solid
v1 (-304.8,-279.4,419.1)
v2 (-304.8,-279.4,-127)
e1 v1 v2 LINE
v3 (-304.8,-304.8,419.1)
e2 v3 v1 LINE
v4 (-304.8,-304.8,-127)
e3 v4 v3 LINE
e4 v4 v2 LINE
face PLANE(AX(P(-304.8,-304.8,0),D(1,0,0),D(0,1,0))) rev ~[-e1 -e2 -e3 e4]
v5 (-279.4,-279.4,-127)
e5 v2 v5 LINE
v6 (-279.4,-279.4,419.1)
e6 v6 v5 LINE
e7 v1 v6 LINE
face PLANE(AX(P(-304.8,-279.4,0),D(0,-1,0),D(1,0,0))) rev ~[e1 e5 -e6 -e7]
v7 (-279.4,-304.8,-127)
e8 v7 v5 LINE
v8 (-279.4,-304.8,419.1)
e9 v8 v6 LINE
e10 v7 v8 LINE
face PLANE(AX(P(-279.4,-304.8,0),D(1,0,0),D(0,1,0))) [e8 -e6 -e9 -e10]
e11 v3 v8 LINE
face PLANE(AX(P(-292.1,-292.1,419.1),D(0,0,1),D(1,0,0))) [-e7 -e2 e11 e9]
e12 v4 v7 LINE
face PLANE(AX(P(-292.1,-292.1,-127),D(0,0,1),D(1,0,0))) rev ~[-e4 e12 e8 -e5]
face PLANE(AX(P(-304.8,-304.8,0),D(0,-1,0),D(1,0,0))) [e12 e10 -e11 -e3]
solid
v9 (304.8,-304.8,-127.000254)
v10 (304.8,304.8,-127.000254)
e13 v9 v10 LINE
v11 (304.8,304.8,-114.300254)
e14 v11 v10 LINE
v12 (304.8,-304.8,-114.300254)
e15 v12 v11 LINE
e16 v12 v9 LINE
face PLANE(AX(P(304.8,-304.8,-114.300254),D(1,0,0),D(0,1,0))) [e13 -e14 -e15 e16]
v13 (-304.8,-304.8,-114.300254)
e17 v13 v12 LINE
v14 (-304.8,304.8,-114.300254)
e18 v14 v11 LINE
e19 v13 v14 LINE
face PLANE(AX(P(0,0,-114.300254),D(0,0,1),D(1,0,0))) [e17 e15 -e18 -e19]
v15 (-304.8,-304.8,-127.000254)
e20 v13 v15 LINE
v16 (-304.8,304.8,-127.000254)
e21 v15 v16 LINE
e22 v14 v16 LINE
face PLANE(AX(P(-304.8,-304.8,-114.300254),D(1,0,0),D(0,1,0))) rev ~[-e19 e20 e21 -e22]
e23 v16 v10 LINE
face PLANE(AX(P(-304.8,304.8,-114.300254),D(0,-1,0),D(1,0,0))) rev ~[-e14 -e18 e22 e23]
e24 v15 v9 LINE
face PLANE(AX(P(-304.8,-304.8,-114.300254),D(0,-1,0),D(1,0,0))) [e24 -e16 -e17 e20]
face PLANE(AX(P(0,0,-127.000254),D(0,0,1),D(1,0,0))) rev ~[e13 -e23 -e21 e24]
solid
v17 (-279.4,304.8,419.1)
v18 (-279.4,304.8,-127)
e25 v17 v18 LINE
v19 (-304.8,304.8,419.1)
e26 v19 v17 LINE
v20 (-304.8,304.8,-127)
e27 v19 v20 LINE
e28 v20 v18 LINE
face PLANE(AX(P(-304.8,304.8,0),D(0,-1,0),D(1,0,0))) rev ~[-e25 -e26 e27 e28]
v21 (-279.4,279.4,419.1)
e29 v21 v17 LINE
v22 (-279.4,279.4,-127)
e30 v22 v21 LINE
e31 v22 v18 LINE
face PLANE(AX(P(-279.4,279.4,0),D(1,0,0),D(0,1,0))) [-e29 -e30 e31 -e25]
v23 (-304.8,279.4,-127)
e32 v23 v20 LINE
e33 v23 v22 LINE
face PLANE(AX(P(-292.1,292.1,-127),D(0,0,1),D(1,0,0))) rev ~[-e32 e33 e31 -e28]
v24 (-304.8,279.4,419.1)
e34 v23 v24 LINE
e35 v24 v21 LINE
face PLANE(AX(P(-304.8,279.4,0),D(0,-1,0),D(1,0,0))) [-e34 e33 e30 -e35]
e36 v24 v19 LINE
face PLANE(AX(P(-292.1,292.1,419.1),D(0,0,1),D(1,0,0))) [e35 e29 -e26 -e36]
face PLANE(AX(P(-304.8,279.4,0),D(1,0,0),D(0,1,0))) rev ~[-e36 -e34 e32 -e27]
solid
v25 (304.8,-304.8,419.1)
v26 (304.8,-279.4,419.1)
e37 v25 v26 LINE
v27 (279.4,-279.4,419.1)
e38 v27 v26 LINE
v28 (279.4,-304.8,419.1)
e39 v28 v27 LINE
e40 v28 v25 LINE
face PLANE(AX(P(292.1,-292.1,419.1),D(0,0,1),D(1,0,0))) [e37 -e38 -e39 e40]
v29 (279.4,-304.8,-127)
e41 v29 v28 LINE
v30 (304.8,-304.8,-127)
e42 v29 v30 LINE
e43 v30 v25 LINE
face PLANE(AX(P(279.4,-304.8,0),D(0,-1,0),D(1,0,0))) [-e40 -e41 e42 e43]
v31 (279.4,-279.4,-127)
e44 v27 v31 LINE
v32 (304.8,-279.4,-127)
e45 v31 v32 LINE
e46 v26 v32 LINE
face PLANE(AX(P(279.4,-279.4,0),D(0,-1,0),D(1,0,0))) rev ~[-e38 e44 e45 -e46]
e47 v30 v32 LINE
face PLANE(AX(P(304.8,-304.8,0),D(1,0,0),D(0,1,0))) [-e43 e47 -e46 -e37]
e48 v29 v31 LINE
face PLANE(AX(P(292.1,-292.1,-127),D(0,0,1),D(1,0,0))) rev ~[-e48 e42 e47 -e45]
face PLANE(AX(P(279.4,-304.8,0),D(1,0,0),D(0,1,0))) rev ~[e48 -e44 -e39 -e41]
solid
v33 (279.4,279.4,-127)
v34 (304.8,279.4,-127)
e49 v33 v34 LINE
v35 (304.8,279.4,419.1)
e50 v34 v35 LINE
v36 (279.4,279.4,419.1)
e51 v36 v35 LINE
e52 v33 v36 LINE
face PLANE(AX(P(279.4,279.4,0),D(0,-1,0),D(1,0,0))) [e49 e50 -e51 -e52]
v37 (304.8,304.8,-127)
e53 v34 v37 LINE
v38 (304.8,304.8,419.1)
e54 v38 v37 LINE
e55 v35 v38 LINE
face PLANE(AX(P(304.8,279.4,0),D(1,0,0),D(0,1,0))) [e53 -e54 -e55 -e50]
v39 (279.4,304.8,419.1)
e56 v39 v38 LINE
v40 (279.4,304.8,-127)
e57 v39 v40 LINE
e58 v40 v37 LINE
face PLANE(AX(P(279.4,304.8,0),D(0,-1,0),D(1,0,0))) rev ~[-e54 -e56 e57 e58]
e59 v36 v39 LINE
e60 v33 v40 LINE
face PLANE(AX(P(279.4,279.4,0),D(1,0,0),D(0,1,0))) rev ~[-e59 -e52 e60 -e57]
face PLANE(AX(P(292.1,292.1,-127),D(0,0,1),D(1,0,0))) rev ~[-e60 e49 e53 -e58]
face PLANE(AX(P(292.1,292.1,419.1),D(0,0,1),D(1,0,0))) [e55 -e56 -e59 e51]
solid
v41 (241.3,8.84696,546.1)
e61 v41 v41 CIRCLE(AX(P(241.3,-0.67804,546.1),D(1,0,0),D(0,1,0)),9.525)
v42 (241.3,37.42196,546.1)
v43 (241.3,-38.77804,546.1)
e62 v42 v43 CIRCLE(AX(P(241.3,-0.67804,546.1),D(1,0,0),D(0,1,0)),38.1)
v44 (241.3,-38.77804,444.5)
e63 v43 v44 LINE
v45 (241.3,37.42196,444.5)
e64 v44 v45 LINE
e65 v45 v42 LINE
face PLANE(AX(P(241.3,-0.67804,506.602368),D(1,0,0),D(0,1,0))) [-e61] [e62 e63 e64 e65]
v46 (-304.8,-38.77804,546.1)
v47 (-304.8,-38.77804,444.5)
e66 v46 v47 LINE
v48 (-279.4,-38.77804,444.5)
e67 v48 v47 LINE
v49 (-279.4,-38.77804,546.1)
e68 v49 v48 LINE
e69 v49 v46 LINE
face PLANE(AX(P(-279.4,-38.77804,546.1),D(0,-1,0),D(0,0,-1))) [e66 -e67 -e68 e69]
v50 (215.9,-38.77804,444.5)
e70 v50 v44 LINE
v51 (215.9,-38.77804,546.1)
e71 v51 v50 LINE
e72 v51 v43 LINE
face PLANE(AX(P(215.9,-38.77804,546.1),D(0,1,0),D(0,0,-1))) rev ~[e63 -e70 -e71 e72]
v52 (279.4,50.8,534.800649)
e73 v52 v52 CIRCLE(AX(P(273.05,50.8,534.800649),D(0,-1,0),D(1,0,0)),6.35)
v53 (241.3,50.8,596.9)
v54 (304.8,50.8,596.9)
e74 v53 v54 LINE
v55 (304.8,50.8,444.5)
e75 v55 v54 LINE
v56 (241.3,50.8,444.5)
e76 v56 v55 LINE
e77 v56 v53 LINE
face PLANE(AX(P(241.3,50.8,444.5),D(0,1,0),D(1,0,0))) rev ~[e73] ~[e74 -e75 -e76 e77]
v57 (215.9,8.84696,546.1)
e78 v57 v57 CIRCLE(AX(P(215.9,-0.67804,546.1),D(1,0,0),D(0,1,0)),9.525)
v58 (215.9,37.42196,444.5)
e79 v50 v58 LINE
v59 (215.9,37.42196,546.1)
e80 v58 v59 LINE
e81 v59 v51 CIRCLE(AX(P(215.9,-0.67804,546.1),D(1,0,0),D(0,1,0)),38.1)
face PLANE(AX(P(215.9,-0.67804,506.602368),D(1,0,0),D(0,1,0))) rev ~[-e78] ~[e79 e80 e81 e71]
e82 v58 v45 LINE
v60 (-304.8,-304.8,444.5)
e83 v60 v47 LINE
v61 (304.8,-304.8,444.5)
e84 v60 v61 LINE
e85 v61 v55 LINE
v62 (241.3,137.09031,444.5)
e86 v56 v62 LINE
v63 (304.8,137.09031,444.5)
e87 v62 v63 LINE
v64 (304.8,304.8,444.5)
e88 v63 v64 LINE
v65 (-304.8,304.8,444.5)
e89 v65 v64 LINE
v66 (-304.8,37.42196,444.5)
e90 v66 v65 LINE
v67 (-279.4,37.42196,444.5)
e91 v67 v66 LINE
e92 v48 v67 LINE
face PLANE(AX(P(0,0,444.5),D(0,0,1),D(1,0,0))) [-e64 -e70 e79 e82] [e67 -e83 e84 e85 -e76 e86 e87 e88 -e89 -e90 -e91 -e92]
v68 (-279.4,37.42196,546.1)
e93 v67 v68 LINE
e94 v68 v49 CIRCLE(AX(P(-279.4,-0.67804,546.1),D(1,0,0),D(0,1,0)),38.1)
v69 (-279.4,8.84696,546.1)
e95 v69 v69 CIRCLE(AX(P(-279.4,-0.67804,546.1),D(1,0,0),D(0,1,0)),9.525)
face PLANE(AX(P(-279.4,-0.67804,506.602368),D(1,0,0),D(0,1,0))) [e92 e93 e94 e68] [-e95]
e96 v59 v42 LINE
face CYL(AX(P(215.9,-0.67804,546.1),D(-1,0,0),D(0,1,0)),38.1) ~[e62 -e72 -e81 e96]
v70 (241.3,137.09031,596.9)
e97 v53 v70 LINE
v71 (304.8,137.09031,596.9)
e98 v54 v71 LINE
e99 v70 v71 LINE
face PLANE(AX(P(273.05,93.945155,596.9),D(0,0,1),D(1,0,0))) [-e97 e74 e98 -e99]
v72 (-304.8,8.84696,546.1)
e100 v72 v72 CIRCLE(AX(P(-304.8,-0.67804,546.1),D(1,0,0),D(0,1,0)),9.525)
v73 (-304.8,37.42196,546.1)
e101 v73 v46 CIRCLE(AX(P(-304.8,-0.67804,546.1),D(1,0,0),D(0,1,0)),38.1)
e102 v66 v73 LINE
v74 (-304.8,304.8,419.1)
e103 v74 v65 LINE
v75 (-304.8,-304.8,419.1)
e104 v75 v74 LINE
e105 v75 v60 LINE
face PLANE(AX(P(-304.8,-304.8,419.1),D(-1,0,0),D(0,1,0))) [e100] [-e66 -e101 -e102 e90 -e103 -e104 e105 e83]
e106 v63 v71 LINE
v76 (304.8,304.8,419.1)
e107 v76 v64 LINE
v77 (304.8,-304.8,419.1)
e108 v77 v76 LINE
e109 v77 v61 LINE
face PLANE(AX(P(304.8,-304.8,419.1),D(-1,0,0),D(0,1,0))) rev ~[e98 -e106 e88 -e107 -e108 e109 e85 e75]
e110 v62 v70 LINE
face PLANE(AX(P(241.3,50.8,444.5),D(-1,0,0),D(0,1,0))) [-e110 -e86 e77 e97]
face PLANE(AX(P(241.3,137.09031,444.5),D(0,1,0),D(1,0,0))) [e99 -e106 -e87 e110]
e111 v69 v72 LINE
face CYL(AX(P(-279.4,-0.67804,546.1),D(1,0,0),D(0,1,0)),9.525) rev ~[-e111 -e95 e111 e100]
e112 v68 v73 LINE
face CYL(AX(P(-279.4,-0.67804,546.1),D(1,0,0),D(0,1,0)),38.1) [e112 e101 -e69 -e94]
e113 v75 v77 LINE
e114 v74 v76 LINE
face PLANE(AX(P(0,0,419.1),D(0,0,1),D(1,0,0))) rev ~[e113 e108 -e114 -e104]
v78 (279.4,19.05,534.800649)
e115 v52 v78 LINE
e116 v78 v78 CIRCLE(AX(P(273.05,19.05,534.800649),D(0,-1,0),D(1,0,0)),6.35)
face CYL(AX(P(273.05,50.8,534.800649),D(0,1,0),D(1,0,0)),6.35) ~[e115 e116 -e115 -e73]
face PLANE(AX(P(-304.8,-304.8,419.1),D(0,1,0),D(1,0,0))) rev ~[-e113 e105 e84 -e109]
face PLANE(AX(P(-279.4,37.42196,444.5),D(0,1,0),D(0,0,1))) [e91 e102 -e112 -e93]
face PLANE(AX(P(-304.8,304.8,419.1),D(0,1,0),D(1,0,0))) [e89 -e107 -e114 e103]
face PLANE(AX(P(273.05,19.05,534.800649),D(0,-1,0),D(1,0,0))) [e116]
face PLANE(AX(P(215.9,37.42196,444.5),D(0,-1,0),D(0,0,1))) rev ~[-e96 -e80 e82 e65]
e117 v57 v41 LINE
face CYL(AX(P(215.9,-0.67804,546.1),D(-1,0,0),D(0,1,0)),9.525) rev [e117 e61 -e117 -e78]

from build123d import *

# Parameters (mm, degrees)
F0_W          = 25.4
F0_H          = 25.4
F1_DEPTH      = 419.1
F1_DEPTH_BACK = 127
F3_START      = 419.1
F2_W          = 609.6
F2_H          = 609.6
F3_DEPTH      = 25.4
F5_START      = -279.4
F4_R          = 9.525
F5_DEPTH      = 25.4
F6_START      = 215.9
F6_DEPTH      = 25.4
F7_W          = 63.5
F7_H          = 86.2903104544
F8_DEPTH      = 152.4
F9_R          = 6.35
F10_DEPTH     = 31.75
F12_START     = -114.300254
F11_W         = 609.6
F11_H         = 609.6
F12_DEPTH     = 12.7


with BuildPart() as f1:
    # F0 (on Top) → F1 (new body, two sides)
    with BuildSketch(Plane.XY) as f1_sk:
        with Locations((-292.1, 292.1)):
            Rectangle(F0_W, F0_H)
    extrude(amount=F1_DEPTH)
    extrude(f1_sk.sketch, amount=-F1_DEPTH_BACK)


with BuildPart() as f1b:
    # F0 (on Top) → F1, piece 2 (new body, two sides)
    with BuildSketch(Plane.XY) as f1_2_sk:
        with Locations((292.1, 292.1)):
            Rectangle(F0_W, F0_H)
    extrude(amount=F1_DEPTH)
    extrude(f1_2_sk.sketch, amount=-F1_DEPTH_BACK)


with BuildPart() as f1c:
    # F0 (on Top) → F1, piece 3 (new body, two sides)
    with BuildSketch(Plane.XY) as f1_3_sk:
        with Locations((292.1, -292.1)):
            Rectangle(F0_W, F0_H)
    extrude(amount=F1_DEPTH)
    extrude(f1_3_sk.sketch, amount=-F1_DEPTH_BACK)


with BuildPart() as f1d:
    # F0 (on Top) → F1, piece 4 (new body, two sides)
    with BuildSketch(Plane.XY) as f1_4_sk:
        with Locations((-292.1, -292.1)):
            Rectangle(F0_W, F0_H)
    extrude(amount=F1_DEPTH)
    extrude(f1_4_sk.sketch, amount=-F1_DEPTH_BACK)


with BuildPart() as f3:
    # F2 (on Top) → F3 (new body)
    with BuildSketch(Plane.XY.offset(F3_START)):
        Rectangle(F2_W, F2_H)
    extrude(amount=F3_DEPTH)

    # F4 (on Right) → F5 (join)
    with BuildSketch(Plane.YZ.offset(F5_START)):
        with BuildLine():
            Line((-38.7780400669, 546.1), (-38.7780400669, 444.5))
            Line((-38.7780400669, 444.5), (37.4219599331, 444.5))
            Line((37.4219599331, 444.5), (37.4219599331, 546.1))
            ThreePointArc((37.4219599331, 546.1), (-0.6780400669, 584.2), (-38.7780400669, 546.1))
        make_face()
        with Locations((-0.6780400669, 546.1)):
            Circle(F4_R, mode=Mode.SUBTRACT)
    extrude(amount=-F5_DEPTH)

    # F4 (on Right) → F6 (join)
    with BuildSketch(Plane.YZ.offset(F6_START)):
        with BuildLine():
            Line((-38.7780400669, 546.1), (-38.7780400669, 444.5))
            Line((-38.7780400669, 444.5), (37.4219599331, 444.5))
            Line((37.4219599331, 444.5), (37.4219599331, 546.1))
            ThreePointArc((37.4219599331, 546.1), (-0.6780400669, 584.2), (-38.7780400669, 546.1))
        make_face()
        with Locations((-0.6780400669, 546.1)):
            Circle(F4_R, mode=Mode.SUBTRACT)
    extrude(amount=F6_DEPTH)

    # F7 (on face) → F8 (join)
    with BuildSketch(Plane.XY.offset(444.5)):
        with Locations((273.05, 93.9451552272)):
            Rectangle(F7_W, F7_H)
    extrude(amount=F8_DEPTH)

    # F9 (on face) → F10 (join)
    with BuildSketch(Plane.XZ.offset(-50.8)):
        with Locations((273.05, 534.8006486893)):
            Circle(F9_R)
    extrude(amount=F10_DEPTH)


with BuildPart() as f12:
    # F11 (on Top) → F12 (new body)
    with BuildSketch(Plane.XY.offset(F12_START)):
        Rectangle(F11_W, F11_H)
    extrude(amount=-F12_DEPTH)


solid = Compound([f1.part, f1b.part, f1c.part, f1d.part, f3.part, f12.part])
